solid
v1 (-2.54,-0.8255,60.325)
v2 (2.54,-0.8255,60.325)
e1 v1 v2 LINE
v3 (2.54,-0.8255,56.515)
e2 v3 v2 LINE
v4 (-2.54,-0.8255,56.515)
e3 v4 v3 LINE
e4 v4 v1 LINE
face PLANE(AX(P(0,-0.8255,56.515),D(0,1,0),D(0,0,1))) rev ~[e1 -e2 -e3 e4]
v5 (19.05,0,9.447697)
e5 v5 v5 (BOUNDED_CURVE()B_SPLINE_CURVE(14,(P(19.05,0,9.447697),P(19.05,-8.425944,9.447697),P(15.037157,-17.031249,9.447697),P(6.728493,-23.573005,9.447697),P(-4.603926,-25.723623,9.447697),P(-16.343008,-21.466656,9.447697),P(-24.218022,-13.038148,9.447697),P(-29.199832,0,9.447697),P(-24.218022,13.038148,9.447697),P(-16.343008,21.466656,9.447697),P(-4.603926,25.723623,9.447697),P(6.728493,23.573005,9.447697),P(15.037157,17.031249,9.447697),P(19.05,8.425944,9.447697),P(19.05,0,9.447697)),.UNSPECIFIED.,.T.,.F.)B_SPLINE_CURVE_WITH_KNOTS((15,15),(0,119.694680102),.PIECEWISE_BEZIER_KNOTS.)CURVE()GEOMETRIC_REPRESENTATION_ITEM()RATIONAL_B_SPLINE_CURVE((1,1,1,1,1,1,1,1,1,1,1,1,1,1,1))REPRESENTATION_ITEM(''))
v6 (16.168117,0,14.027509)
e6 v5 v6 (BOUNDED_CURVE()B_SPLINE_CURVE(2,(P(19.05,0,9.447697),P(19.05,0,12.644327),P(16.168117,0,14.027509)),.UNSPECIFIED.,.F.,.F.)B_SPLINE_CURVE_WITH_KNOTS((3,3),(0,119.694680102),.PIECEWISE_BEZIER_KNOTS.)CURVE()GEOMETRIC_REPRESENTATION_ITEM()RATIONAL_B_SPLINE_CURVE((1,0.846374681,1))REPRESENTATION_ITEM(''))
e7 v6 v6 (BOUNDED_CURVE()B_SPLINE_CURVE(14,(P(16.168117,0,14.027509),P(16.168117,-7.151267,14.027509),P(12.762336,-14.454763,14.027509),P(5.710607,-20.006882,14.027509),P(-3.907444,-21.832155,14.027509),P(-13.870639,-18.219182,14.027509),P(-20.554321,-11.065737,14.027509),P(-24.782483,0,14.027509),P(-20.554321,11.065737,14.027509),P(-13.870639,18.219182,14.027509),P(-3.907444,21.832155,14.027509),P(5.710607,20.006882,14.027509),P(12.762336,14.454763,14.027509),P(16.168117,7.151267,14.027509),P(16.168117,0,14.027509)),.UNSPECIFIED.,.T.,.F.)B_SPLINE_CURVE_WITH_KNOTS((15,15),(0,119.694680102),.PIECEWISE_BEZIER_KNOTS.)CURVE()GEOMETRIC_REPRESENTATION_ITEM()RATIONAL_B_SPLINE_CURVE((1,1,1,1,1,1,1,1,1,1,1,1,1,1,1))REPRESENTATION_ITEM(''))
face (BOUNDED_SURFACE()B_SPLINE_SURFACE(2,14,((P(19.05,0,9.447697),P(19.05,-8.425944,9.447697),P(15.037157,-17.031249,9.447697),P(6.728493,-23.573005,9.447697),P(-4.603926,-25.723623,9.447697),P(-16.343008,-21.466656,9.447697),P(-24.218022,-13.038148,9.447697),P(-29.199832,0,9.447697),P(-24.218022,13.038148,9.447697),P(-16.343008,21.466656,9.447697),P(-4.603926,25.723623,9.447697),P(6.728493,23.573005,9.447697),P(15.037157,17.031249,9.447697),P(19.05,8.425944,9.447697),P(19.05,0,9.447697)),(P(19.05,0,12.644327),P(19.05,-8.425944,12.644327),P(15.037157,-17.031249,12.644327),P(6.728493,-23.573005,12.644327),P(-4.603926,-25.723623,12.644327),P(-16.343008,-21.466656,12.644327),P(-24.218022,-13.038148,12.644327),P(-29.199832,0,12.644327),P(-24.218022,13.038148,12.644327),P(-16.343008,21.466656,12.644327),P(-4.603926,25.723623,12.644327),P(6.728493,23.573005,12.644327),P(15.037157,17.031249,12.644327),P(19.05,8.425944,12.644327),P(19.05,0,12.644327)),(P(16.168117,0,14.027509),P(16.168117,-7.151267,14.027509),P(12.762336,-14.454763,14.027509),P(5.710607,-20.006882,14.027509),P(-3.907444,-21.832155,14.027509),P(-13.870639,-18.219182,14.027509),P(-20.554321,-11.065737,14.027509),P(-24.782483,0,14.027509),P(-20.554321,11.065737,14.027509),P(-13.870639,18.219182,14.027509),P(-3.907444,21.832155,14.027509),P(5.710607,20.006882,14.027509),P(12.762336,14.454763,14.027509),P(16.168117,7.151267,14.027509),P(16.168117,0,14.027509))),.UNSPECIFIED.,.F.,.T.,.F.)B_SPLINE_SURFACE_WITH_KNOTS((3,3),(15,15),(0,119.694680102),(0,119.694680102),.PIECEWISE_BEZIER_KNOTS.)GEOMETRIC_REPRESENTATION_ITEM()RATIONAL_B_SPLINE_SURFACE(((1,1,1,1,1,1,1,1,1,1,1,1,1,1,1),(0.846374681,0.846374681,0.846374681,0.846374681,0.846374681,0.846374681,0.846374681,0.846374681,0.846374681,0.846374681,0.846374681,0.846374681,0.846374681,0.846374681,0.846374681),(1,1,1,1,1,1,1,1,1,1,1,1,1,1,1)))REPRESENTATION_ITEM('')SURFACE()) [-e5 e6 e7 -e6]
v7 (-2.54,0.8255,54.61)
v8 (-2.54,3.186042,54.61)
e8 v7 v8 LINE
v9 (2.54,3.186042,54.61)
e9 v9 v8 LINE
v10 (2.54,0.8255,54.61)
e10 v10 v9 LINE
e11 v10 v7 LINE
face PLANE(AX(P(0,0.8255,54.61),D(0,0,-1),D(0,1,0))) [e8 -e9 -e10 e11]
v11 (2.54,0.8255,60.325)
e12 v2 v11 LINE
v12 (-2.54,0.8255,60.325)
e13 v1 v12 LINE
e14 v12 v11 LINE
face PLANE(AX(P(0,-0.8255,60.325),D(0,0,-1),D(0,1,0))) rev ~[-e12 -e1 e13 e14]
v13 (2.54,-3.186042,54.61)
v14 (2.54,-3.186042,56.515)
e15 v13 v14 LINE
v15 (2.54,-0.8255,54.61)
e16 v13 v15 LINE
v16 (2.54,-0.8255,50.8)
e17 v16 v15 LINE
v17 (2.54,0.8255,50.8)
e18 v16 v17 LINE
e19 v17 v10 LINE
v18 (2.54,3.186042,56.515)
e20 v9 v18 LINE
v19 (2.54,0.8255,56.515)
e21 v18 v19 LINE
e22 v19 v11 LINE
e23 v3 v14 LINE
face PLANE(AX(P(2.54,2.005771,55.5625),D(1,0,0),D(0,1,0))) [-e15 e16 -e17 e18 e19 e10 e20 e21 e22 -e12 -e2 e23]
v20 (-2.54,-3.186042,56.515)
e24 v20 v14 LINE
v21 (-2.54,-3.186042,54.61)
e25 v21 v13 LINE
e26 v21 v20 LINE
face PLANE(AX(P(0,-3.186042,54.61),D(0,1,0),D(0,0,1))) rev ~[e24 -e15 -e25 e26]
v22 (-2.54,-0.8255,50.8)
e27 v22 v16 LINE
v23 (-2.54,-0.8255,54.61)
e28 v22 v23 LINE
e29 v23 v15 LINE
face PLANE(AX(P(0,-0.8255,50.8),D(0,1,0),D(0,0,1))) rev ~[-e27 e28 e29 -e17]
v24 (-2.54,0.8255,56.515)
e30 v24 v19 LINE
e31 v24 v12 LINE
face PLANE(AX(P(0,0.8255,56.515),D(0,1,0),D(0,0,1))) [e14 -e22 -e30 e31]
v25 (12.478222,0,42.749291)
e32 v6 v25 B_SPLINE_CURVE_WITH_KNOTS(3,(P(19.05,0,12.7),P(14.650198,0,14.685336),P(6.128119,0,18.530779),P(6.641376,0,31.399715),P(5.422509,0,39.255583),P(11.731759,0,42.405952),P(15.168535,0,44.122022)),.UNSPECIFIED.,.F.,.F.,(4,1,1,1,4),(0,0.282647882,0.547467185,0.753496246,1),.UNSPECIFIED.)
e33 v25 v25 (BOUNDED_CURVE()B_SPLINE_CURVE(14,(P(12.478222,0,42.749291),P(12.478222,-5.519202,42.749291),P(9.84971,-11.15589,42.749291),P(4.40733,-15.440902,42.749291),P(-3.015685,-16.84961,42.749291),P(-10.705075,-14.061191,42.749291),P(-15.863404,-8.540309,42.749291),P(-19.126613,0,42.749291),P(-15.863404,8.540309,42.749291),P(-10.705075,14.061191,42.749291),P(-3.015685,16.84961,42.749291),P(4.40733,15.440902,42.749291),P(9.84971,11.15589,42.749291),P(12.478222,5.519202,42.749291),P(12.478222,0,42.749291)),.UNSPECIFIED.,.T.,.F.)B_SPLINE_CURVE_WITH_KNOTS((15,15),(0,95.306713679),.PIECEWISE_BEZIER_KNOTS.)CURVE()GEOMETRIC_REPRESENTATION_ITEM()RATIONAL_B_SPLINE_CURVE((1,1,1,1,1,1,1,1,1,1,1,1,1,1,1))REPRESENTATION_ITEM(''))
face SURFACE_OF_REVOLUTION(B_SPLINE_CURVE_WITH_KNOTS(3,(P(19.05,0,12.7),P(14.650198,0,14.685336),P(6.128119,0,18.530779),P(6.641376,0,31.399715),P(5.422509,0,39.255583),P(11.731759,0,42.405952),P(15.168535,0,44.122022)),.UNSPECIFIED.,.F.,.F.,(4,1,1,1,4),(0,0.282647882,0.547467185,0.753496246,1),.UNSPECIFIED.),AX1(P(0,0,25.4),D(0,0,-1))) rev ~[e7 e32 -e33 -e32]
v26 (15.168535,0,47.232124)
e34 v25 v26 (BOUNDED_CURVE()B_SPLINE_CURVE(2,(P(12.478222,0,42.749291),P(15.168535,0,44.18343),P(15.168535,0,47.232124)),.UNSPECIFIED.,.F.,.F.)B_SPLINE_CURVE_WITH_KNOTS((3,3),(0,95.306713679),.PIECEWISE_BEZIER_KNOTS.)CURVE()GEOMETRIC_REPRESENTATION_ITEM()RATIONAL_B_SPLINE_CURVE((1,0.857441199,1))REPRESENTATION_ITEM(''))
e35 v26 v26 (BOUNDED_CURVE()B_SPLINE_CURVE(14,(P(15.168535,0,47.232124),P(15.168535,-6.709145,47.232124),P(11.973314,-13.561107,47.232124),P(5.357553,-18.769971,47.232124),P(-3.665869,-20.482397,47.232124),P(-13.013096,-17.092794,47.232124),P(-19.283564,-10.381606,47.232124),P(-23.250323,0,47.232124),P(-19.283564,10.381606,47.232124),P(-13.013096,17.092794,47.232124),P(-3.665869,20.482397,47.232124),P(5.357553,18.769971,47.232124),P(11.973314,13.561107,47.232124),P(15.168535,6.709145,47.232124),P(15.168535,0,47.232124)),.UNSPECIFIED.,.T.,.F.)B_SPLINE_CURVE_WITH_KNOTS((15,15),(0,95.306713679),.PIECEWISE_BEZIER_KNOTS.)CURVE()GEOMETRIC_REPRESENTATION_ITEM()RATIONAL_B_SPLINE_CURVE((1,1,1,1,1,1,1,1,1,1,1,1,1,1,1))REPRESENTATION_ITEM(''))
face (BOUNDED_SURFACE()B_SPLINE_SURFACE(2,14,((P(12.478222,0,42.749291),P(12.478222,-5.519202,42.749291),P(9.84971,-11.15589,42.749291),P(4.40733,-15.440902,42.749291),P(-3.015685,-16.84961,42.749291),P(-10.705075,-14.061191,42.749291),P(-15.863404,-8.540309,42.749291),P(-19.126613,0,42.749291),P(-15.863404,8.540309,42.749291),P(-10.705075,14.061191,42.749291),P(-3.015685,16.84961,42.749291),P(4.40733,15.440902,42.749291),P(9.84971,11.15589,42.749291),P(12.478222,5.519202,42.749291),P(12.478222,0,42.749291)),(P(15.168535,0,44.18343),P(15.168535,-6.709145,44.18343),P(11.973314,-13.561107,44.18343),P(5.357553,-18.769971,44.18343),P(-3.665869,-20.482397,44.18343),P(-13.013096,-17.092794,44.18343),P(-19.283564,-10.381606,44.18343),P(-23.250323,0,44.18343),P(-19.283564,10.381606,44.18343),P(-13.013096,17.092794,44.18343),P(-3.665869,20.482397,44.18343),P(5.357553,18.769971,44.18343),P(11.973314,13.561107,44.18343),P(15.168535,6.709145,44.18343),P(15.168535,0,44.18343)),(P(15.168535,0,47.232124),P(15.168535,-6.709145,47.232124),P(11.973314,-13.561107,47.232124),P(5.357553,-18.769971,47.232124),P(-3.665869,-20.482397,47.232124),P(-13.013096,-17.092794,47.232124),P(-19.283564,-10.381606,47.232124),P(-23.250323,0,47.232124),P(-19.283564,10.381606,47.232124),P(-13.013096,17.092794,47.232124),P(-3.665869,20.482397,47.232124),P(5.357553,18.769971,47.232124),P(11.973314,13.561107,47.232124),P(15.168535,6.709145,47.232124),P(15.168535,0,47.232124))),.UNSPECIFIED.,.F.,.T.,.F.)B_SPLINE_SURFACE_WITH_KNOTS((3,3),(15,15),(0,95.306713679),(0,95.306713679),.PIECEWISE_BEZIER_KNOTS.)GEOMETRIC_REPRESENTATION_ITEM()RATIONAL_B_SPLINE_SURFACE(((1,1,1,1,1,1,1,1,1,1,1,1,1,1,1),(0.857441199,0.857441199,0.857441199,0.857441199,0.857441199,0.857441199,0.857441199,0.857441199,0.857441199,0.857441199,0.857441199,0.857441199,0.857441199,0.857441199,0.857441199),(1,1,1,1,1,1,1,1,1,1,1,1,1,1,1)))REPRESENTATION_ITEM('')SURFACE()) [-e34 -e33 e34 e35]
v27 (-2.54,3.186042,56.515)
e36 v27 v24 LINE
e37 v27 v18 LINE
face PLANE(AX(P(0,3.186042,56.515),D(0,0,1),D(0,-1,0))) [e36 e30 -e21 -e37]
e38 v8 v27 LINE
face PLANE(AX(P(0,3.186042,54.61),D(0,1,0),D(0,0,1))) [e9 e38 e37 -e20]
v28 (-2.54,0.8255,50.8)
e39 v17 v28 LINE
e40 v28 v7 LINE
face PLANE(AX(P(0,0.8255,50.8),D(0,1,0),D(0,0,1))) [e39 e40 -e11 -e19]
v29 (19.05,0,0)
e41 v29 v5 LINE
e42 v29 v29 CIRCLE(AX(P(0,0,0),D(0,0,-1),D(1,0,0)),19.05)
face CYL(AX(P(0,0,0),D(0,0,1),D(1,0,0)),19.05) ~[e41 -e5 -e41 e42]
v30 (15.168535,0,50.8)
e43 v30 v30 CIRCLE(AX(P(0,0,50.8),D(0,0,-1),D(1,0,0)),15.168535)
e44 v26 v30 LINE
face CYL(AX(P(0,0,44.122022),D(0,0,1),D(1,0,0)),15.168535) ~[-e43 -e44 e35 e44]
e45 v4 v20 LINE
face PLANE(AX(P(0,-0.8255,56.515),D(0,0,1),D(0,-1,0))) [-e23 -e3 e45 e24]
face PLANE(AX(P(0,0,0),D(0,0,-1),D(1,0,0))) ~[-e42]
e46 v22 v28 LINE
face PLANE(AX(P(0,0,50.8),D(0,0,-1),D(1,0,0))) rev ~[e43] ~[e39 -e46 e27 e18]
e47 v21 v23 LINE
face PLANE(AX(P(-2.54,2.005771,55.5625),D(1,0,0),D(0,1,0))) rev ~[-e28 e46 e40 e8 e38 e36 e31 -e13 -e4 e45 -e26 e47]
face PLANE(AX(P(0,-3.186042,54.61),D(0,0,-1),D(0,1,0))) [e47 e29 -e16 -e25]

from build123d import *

# Parameters (mm, degrees)
F2_R          = 5.08
F3_W          = 2.3605417221
F3_H          = 1.905
F3_W_2        = 1.651
F3_H_2        = 3.81
F4_DEPTH      = 2.54
F4_DEPTH_BACK = 2.54


with BuildPart() as f1:
    # F0 (on Front) → F1 (revolve)
    with BuildSketch(Plane.XZ):
        with BuildLine():
            Line((0, 50.8), (0, 0))
            Line((0, 0), (19.05, 0))
            Line((19.05, 0), (19.05, 12.7))
            add(Edge.make_bspline(
                [(19.05, 12.7), (14.6501975513, 14.6853360604), (6.1281189575, 18.5307791547), (6.6413755909, 31.399715349), (5.422508764, 39.255582621), (11.7317588055, 42.4059519263), (15.1685345918, 44.1220216453)],
                knots=[0, 0, 0, 0, 0.2826478816, 0.547467185, 0.7534962459, 1, 1, 1, 1], degree=3))
            Line((15.1685345918, 44.1220216453), (15.1685345918, 50.8))
            Line((15.1685345918, 50.8), (0, 50.8))
        make_face()
    revolve(axis=Axis((0, 0, 25.4), (0, 0, -1)))

    # F2
    f2_edges = [f1.edges().sort_by_distance(p)[0] for p in [
        (-19.05, 0, 12.7),
        (-15.168535, 0, 44.122022),
    ]]
    fillet(f2_edges, radius=F2_R)

    # F3 (on Right) → F4 (join, two sides)
    with BuildSketch(Plane.YZ) as f4_sk:
        with Locations((2.005770861, 55.5625)):
            Rectangle(F3_W, F3_H)
        with Locations((0, 55.5625)):
            Rectangle(F3_W_2, F3_H)
        with Locations((-2.005770861, 55.5625)):
            Rectangle(F3_W, F3_H)
        with Locations((0, 58.42)):
            Rectangle(F3_W_2, F3_H_2)
        with Locations((0, 52.705)):
            Rectangle(F3_W_2, F3_H_2)
    extrude(amount=F4_DEPTH)
    extrude(f4_sk.sketch, amount=-F4_DEPTH_BACK)


solid = f1.part
